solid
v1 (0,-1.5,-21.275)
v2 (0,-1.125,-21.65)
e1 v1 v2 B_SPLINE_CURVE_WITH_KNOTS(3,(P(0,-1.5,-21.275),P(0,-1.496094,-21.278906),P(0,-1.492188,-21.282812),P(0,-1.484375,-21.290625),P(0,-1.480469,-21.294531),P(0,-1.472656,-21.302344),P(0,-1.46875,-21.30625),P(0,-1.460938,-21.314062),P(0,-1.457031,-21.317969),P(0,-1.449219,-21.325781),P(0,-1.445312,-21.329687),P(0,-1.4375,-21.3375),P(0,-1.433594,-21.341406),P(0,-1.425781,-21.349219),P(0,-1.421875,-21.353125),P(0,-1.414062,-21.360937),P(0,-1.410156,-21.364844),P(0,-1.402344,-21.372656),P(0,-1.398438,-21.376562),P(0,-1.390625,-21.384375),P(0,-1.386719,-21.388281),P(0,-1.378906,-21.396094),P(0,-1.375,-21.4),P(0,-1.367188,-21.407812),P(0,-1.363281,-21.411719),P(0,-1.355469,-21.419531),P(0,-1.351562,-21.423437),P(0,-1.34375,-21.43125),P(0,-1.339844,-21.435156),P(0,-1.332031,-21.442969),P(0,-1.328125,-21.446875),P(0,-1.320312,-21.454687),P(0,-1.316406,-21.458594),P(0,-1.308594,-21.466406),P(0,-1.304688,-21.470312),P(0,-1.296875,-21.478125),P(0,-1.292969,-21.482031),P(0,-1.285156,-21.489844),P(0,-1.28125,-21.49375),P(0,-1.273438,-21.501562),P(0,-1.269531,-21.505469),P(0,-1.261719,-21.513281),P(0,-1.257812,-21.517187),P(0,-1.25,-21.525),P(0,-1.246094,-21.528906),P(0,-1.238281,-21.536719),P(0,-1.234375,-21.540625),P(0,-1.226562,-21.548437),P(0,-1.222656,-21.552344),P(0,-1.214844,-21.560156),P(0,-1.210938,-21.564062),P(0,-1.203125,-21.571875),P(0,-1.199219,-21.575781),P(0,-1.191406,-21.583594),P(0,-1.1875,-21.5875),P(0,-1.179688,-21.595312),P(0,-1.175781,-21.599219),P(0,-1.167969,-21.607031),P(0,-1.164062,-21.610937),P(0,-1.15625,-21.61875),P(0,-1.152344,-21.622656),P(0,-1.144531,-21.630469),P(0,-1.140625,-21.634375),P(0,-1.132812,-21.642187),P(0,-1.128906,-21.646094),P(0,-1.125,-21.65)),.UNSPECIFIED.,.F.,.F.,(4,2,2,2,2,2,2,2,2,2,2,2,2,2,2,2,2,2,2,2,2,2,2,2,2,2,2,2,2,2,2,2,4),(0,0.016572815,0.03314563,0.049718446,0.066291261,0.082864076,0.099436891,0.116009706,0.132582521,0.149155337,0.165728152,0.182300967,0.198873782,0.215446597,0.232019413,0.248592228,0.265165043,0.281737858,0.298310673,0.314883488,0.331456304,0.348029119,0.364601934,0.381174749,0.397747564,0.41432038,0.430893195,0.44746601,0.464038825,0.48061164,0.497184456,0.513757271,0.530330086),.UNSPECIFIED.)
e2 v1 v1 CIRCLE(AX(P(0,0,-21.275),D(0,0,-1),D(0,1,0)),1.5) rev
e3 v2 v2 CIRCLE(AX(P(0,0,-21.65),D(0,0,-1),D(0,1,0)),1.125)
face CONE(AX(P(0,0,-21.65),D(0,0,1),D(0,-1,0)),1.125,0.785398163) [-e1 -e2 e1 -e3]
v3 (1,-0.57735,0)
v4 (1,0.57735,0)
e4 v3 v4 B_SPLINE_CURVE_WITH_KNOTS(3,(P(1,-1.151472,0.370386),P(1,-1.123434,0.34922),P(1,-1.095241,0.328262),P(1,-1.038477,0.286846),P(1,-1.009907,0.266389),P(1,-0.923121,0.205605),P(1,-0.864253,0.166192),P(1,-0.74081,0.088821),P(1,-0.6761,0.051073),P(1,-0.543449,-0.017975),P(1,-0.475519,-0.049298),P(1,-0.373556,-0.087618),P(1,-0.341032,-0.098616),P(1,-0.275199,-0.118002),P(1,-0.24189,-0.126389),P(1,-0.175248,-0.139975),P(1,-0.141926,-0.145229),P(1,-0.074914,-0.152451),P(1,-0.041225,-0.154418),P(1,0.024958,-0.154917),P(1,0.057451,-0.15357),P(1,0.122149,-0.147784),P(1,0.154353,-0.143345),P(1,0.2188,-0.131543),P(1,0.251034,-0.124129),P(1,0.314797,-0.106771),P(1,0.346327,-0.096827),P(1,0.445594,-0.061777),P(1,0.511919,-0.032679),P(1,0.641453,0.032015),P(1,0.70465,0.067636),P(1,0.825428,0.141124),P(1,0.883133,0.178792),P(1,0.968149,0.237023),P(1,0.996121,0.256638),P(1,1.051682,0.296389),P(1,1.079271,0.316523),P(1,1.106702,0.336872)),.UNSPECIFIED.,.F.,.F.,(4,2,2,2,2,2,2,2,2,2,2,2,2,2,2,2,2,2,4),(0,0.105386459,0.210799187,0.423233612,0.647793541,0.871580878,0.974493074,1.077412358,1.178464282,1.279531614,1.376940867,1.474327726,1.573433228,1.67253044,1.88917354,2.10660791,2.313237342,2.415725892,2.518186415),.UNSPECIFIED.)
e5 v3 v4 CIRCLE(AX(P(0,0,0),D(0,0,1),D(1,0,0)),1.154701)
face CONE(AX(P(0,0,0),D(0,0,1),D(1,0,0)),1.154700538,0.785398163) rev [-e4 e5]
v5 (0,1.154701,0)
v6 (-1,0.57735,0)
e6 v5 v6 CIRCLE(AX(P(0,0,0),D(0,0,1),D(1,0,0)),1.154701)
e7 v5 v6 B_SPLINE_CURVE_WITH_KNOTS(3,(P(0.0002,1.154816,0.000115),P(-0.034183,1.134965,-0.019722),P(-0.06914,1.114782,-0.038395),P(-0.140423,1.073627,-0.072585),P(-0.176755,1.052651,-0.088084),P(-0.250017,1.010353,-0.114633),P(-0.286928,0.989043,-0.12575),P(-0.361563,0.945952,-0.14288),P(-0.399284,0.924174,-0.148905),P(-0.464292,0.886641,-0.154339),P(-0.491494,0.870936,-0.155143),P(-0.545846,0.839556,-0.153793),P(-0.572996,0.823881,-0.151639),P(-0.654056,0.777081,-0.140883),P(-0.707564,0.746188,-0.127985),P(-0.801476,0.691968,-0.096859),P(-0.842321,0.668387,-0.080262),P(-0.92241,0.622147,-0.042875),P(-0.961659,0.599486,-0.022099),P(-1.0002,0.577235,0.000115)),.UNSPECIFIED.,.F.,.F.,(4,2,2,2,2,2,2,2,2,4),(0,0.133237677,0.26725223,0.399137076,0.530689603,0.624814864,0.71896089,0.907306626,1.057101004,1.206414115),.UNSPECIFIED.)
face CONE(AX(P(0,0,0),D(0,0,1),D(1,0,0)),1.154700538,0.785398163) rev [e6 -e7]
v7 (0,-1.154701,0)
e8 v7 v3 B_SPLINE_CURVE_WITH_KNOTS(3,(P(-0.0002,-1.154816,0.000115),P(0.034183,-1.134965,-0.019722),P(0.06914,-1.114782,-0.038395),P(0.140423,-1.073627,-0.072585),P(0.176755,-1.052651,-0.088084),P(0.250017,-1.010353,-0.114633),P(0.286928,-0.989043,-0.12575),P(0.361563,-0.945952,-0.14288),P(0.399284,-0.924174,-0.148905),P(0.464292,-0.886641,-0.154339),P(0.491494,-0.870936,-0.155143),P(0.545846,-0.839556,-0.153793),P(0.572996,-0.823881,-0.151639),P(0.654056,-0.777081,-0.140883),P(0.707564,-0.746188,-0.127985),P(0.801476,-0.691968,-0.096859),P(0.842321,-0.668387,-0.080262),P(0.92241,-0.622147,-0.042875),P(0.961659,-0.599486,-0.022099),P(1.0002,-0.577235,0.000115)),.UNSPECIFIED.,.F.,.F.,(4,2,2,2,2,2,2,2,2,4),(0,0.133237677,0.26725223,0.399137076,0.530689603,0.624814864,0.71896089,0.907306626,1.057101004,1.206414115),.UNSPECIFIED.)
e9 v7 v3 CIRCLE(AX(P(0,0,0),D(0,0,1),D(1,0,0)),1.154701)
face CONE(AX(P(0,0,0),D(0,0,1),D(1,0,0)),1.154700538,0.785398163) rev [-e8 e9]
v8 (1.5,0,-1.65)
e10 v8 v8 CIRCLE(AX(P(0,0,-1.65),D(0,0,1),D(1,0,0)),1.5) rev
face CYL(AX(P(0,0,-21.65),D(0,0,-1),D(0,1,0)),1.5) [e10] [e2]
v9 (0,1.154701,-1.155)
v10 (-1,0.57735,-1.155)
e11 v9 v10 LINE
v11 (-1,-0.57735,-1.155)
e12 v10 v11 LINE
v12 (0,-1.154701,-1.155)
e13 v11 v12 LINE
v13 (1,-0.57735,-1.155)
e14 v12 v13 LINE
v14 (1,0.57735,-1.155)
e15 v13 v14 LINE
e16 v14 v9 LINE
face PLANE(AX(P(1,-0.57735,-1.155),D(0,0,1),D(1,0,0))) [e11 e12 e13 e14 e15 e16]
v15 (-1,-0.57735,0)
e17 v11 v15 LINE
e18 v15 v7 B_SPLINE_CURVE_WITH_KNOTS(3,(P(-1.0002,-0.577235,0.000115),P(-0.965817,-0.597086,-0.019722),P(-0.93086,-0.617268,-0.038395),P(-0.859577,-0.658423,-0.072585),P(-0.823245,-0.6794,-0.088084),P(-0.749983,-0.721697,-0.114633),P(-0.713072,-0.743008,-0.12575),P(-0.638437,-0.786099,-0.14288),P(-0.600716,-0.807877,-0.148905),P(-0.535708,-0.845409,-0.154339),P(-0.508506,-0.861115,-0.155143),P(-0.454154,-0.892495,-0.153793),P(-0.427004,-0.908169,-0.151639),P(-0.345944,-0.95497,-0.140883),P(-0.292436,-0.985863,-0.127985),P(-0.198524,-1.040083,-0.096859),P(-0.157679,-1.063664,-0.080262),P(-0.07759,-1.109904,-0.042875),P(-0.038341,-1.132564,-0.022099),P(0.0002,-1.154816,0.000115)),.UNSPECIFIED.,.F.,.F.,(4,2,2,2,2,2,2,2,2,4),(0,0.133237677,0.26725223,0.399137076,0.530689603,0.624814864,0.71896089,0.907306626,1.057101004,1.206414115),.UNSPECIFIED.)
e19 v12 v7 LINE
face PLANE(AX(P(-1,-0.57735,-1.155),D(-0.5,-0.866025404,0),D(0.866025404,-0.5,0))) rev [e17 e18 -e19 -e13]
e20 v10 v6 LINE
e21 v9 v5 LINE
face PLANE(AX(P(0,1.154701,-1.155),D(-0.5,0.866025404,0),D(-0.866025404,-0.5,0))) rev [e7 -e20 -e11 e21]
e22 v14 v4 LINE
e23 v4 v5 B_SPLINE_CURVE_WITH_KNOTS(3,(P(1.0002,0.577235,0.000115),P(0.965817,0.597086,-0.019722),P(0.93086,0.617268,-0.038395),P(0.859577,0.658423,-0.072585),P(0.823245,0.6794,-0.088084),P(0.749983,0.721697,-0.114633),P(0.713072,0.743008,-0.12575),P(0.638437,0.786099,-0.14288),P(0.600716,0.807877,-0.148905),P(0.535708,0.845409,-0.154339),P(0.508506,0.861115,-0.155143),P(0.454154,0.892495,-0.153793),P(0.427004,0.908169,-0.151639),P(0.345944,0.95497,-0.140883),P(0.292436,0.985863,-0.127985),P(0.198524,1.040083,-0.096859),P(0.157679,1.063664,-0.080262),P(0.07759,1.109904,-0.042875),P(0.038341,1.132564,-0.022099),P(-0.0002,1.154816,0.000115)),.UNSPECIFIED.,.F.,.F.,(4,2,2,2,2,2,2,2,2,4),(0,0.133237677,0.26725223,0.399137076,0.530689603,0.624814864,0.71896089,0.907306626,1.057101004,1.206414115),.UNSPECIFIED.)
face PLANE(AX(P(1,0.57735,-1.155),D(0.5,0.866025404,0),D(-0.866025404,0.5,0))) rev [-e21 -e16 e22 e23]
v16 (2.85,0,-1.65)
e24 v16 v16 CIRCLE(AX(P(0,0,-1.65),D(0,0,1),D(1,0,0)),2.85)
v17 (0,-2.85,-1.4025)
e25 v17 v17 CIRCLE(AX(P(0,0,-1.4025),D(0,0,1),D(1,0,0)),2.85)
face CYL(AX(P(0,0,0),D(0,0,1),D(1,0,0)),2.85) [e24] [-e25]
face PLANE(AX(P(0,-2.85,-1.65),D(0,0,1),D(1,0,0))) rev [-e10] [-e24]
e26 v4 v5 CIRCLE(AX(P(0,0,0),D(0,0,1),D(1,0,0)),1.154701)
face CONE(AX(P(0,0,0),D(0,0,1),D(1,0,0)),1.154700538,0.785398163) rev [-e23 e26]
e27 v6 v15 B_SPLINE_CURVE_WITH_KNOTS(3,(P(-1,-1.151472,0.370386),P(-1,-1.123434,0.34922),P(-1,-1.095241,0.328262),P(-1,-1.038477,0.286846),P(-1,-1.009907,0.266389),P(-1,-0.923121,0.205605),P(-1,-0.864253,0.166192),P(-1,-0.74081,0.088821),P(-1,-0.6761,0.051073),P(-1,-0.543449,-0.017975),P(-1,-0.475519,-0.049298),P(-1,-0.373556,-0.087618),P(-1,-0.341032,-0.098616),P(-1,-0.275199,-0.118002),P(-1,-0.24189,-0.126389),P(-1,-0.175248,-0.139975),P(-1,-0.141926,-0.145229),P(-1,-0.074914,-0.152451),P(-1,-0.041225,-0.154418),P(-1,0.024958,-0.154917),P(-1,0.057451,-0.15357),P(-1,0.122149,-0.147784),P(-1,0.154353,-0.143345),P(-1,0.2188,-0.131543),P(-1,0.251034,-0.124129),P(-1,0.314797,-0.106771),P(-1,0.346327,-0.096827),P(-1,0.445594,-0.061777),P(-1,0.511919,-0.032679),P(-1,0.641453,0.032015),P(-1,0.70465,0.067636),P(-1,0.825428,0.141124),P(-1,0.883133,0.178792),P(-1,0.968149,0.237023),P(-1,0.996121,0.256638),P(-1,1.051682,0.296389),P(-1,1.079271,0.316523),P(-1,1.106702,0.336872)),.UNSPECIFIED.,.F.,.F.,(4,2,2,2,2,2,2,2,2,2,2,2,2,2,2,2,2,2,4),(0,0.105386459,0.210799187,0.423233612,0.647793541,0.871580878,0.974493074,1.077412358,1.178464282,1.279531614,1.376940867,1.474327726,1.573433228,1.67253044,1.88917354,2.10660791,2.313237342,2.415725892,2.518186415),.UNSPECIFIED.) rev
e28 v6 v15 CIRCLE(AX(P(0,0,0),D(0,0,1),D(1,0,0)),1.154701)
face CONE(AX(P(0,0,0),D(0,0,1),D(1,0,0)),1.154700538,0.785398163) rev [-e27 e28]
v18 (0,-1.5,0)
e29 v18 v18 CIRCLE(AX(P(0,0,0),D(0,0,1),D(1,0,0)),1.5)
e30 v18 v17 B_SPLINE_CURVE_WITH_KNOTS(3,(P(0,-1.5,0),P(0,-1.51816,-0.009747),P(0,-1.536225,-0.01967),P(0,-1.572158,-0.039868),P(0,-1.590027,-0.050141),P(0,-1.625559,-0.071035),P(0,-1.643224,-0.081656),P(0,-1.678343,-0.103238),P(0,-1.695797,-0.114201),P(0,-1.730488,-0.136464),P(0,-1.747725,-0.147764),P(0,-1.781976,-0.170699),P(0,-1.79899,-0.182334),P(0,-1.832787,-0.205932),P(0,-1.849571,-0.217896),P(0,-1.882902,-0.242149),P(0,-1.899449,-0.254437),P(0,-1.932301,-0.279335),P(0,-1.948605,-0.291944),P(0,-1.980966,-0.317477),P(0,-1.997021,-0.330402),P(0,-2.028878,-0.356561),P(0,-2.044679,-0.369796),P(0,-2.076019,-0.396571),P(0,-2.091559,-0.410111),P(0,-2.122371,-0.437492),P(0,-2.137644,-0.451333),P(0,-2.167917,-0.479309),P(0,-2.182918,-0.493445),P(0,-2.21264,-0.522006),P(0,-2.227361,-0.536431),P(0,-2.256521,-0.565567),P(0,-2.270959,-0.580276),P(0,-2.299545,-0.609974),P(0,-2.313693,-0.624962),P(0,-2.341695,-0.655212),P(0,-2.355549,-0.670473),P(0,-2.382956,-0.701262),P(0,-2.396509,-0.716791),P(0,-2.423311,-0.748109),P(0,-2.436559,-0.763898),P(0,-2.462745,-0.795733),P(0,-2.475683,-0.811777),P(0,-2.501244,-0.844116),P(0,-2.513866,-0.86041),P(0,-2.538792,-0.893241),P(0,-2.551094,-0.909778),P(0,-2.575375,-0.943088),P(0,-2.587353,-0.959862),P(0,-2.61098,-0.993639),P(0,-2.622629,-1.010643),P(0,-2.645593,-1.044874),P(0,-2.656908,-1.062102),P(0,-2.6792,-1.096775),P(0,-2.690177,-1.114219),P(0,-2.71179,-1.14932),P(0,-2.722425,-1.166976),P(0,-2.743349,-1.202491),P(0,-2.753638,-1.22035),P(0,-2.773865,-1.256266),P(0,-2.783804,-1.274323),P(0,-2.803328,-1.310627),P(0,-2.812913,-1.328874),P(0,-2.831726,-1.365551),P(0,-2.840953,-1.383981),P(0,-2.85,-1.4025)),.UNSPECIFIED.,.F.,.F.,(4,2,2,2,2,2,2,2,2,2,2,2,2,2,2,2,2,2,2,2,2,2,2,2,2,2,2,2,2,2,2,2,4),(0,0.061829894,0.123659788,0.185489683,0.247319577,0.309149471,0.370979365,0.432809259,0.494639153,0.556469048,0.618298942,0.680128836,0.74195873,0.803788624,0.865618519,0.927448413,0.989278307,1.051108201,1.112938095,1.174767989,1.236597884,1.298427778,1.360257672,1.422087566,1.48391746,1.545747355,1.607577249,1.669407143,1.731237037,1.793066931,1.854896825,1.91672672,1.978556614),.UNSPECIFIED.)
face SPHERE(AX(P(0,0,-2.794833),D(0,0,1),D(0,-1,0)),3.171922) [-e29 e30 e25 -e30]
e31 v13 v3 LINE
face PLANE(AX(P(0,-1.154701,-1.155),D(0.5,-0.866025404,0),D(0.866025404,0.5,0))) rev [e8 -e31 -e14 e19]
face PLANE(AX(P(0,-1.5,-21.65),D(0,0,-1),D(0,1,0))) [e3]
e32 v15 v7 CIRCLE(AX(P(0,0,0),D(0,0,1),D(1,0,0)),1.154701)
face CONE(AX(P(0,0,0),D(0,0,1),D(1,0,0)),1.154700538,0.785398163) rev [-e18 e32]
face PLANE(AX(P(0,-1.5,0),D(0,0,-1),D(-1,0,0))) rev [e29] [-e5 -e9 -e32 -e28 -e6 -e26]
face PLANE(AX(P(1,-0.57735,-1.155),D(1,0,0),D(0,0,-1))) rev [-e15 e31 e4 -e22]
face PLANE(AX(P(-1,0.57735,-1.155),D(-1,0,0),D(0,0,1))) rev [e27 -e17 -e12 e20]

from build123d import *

# Parameters (mm, degrees)
SKETCH1_W          = 20
SKETCH1_H          = 1.5
CHAMFER1_SIZE      = 0.375
CUT_EXTRUDE2_DEPTH = 1.155


with BuildPart() as part:
    # Sketch1 → Revolve1 (revolve)
    with BuildSketch(Plane(origin=(0, 0, 0), x_dir=(0, 0, -1), z_dir=(1, 0, 0))):
        with Locations((11.65, 0.75)):
            Rectangle(SKETCH1_W, SKETCH1_H)
    revolve(axis=Axis((0, 0, -21.65), (0, 0, 1)))

    # Chamfer1
    chamfer1_edges = [part.edges().sort_by_distance(p)[0] for p in [
        (0, -1.5, -21.65),
    ]]
    chamfer(chamfer1_edges, length=CHAMFER1_SIZE)

    # Sketch7 → Revolve2 (revolve)
    with BuildSketch(Plane(origin=(0, 0, 0), x_dir=(0, 0, -1), z_dir=(1, 0, 0))):
        with BuildLine():
            Line((1.4025, 2.85), (1.65, 2.85))
            Line((1.65, 2.85), (1.65, 0))
            Line((1.65, 0), (0, 0))
            Line((0, 0), (0, 1.5))
            ThreePointArc((0, 1.5), (0.59512511, 2.285251969), (1.4025, 2.85))
        make_face()
    revolve(axis=Axis((0, 0, 0), (0, 0, -1)))

    # Sketch5 → Cut-Extrude2 (cut)
    with BuildSketch(Plane.XY):
        Polygon((1, -0.577350269), (1, 0.577350269), (0, 1.154700538), (-1, 0.577350269), (-1, -0.577350269), (0, -1.154700538), align=None)
    extrude(amount=-CUT_EXTRUDE2_DEPTH, mode=Mode.SUBTRACT)

    # Cut-Extrude3 cone 1 section (through the dimple's axis) → Cut-Extrude3 (revolve, cut)
    with BuildSketch(Plane(origin=(0, 0, 0), x_dir=(0, -1, 0), z_dir=(1, 0, 0))):
        Polygon((0, 0), (1.154700538, 0), (0, 1.154700538), align=None)
    revolve(axis=Axis((0, 0, 0), (0, 0, -1)), mode=Mode.SUBTRACT)


solid = part.part
